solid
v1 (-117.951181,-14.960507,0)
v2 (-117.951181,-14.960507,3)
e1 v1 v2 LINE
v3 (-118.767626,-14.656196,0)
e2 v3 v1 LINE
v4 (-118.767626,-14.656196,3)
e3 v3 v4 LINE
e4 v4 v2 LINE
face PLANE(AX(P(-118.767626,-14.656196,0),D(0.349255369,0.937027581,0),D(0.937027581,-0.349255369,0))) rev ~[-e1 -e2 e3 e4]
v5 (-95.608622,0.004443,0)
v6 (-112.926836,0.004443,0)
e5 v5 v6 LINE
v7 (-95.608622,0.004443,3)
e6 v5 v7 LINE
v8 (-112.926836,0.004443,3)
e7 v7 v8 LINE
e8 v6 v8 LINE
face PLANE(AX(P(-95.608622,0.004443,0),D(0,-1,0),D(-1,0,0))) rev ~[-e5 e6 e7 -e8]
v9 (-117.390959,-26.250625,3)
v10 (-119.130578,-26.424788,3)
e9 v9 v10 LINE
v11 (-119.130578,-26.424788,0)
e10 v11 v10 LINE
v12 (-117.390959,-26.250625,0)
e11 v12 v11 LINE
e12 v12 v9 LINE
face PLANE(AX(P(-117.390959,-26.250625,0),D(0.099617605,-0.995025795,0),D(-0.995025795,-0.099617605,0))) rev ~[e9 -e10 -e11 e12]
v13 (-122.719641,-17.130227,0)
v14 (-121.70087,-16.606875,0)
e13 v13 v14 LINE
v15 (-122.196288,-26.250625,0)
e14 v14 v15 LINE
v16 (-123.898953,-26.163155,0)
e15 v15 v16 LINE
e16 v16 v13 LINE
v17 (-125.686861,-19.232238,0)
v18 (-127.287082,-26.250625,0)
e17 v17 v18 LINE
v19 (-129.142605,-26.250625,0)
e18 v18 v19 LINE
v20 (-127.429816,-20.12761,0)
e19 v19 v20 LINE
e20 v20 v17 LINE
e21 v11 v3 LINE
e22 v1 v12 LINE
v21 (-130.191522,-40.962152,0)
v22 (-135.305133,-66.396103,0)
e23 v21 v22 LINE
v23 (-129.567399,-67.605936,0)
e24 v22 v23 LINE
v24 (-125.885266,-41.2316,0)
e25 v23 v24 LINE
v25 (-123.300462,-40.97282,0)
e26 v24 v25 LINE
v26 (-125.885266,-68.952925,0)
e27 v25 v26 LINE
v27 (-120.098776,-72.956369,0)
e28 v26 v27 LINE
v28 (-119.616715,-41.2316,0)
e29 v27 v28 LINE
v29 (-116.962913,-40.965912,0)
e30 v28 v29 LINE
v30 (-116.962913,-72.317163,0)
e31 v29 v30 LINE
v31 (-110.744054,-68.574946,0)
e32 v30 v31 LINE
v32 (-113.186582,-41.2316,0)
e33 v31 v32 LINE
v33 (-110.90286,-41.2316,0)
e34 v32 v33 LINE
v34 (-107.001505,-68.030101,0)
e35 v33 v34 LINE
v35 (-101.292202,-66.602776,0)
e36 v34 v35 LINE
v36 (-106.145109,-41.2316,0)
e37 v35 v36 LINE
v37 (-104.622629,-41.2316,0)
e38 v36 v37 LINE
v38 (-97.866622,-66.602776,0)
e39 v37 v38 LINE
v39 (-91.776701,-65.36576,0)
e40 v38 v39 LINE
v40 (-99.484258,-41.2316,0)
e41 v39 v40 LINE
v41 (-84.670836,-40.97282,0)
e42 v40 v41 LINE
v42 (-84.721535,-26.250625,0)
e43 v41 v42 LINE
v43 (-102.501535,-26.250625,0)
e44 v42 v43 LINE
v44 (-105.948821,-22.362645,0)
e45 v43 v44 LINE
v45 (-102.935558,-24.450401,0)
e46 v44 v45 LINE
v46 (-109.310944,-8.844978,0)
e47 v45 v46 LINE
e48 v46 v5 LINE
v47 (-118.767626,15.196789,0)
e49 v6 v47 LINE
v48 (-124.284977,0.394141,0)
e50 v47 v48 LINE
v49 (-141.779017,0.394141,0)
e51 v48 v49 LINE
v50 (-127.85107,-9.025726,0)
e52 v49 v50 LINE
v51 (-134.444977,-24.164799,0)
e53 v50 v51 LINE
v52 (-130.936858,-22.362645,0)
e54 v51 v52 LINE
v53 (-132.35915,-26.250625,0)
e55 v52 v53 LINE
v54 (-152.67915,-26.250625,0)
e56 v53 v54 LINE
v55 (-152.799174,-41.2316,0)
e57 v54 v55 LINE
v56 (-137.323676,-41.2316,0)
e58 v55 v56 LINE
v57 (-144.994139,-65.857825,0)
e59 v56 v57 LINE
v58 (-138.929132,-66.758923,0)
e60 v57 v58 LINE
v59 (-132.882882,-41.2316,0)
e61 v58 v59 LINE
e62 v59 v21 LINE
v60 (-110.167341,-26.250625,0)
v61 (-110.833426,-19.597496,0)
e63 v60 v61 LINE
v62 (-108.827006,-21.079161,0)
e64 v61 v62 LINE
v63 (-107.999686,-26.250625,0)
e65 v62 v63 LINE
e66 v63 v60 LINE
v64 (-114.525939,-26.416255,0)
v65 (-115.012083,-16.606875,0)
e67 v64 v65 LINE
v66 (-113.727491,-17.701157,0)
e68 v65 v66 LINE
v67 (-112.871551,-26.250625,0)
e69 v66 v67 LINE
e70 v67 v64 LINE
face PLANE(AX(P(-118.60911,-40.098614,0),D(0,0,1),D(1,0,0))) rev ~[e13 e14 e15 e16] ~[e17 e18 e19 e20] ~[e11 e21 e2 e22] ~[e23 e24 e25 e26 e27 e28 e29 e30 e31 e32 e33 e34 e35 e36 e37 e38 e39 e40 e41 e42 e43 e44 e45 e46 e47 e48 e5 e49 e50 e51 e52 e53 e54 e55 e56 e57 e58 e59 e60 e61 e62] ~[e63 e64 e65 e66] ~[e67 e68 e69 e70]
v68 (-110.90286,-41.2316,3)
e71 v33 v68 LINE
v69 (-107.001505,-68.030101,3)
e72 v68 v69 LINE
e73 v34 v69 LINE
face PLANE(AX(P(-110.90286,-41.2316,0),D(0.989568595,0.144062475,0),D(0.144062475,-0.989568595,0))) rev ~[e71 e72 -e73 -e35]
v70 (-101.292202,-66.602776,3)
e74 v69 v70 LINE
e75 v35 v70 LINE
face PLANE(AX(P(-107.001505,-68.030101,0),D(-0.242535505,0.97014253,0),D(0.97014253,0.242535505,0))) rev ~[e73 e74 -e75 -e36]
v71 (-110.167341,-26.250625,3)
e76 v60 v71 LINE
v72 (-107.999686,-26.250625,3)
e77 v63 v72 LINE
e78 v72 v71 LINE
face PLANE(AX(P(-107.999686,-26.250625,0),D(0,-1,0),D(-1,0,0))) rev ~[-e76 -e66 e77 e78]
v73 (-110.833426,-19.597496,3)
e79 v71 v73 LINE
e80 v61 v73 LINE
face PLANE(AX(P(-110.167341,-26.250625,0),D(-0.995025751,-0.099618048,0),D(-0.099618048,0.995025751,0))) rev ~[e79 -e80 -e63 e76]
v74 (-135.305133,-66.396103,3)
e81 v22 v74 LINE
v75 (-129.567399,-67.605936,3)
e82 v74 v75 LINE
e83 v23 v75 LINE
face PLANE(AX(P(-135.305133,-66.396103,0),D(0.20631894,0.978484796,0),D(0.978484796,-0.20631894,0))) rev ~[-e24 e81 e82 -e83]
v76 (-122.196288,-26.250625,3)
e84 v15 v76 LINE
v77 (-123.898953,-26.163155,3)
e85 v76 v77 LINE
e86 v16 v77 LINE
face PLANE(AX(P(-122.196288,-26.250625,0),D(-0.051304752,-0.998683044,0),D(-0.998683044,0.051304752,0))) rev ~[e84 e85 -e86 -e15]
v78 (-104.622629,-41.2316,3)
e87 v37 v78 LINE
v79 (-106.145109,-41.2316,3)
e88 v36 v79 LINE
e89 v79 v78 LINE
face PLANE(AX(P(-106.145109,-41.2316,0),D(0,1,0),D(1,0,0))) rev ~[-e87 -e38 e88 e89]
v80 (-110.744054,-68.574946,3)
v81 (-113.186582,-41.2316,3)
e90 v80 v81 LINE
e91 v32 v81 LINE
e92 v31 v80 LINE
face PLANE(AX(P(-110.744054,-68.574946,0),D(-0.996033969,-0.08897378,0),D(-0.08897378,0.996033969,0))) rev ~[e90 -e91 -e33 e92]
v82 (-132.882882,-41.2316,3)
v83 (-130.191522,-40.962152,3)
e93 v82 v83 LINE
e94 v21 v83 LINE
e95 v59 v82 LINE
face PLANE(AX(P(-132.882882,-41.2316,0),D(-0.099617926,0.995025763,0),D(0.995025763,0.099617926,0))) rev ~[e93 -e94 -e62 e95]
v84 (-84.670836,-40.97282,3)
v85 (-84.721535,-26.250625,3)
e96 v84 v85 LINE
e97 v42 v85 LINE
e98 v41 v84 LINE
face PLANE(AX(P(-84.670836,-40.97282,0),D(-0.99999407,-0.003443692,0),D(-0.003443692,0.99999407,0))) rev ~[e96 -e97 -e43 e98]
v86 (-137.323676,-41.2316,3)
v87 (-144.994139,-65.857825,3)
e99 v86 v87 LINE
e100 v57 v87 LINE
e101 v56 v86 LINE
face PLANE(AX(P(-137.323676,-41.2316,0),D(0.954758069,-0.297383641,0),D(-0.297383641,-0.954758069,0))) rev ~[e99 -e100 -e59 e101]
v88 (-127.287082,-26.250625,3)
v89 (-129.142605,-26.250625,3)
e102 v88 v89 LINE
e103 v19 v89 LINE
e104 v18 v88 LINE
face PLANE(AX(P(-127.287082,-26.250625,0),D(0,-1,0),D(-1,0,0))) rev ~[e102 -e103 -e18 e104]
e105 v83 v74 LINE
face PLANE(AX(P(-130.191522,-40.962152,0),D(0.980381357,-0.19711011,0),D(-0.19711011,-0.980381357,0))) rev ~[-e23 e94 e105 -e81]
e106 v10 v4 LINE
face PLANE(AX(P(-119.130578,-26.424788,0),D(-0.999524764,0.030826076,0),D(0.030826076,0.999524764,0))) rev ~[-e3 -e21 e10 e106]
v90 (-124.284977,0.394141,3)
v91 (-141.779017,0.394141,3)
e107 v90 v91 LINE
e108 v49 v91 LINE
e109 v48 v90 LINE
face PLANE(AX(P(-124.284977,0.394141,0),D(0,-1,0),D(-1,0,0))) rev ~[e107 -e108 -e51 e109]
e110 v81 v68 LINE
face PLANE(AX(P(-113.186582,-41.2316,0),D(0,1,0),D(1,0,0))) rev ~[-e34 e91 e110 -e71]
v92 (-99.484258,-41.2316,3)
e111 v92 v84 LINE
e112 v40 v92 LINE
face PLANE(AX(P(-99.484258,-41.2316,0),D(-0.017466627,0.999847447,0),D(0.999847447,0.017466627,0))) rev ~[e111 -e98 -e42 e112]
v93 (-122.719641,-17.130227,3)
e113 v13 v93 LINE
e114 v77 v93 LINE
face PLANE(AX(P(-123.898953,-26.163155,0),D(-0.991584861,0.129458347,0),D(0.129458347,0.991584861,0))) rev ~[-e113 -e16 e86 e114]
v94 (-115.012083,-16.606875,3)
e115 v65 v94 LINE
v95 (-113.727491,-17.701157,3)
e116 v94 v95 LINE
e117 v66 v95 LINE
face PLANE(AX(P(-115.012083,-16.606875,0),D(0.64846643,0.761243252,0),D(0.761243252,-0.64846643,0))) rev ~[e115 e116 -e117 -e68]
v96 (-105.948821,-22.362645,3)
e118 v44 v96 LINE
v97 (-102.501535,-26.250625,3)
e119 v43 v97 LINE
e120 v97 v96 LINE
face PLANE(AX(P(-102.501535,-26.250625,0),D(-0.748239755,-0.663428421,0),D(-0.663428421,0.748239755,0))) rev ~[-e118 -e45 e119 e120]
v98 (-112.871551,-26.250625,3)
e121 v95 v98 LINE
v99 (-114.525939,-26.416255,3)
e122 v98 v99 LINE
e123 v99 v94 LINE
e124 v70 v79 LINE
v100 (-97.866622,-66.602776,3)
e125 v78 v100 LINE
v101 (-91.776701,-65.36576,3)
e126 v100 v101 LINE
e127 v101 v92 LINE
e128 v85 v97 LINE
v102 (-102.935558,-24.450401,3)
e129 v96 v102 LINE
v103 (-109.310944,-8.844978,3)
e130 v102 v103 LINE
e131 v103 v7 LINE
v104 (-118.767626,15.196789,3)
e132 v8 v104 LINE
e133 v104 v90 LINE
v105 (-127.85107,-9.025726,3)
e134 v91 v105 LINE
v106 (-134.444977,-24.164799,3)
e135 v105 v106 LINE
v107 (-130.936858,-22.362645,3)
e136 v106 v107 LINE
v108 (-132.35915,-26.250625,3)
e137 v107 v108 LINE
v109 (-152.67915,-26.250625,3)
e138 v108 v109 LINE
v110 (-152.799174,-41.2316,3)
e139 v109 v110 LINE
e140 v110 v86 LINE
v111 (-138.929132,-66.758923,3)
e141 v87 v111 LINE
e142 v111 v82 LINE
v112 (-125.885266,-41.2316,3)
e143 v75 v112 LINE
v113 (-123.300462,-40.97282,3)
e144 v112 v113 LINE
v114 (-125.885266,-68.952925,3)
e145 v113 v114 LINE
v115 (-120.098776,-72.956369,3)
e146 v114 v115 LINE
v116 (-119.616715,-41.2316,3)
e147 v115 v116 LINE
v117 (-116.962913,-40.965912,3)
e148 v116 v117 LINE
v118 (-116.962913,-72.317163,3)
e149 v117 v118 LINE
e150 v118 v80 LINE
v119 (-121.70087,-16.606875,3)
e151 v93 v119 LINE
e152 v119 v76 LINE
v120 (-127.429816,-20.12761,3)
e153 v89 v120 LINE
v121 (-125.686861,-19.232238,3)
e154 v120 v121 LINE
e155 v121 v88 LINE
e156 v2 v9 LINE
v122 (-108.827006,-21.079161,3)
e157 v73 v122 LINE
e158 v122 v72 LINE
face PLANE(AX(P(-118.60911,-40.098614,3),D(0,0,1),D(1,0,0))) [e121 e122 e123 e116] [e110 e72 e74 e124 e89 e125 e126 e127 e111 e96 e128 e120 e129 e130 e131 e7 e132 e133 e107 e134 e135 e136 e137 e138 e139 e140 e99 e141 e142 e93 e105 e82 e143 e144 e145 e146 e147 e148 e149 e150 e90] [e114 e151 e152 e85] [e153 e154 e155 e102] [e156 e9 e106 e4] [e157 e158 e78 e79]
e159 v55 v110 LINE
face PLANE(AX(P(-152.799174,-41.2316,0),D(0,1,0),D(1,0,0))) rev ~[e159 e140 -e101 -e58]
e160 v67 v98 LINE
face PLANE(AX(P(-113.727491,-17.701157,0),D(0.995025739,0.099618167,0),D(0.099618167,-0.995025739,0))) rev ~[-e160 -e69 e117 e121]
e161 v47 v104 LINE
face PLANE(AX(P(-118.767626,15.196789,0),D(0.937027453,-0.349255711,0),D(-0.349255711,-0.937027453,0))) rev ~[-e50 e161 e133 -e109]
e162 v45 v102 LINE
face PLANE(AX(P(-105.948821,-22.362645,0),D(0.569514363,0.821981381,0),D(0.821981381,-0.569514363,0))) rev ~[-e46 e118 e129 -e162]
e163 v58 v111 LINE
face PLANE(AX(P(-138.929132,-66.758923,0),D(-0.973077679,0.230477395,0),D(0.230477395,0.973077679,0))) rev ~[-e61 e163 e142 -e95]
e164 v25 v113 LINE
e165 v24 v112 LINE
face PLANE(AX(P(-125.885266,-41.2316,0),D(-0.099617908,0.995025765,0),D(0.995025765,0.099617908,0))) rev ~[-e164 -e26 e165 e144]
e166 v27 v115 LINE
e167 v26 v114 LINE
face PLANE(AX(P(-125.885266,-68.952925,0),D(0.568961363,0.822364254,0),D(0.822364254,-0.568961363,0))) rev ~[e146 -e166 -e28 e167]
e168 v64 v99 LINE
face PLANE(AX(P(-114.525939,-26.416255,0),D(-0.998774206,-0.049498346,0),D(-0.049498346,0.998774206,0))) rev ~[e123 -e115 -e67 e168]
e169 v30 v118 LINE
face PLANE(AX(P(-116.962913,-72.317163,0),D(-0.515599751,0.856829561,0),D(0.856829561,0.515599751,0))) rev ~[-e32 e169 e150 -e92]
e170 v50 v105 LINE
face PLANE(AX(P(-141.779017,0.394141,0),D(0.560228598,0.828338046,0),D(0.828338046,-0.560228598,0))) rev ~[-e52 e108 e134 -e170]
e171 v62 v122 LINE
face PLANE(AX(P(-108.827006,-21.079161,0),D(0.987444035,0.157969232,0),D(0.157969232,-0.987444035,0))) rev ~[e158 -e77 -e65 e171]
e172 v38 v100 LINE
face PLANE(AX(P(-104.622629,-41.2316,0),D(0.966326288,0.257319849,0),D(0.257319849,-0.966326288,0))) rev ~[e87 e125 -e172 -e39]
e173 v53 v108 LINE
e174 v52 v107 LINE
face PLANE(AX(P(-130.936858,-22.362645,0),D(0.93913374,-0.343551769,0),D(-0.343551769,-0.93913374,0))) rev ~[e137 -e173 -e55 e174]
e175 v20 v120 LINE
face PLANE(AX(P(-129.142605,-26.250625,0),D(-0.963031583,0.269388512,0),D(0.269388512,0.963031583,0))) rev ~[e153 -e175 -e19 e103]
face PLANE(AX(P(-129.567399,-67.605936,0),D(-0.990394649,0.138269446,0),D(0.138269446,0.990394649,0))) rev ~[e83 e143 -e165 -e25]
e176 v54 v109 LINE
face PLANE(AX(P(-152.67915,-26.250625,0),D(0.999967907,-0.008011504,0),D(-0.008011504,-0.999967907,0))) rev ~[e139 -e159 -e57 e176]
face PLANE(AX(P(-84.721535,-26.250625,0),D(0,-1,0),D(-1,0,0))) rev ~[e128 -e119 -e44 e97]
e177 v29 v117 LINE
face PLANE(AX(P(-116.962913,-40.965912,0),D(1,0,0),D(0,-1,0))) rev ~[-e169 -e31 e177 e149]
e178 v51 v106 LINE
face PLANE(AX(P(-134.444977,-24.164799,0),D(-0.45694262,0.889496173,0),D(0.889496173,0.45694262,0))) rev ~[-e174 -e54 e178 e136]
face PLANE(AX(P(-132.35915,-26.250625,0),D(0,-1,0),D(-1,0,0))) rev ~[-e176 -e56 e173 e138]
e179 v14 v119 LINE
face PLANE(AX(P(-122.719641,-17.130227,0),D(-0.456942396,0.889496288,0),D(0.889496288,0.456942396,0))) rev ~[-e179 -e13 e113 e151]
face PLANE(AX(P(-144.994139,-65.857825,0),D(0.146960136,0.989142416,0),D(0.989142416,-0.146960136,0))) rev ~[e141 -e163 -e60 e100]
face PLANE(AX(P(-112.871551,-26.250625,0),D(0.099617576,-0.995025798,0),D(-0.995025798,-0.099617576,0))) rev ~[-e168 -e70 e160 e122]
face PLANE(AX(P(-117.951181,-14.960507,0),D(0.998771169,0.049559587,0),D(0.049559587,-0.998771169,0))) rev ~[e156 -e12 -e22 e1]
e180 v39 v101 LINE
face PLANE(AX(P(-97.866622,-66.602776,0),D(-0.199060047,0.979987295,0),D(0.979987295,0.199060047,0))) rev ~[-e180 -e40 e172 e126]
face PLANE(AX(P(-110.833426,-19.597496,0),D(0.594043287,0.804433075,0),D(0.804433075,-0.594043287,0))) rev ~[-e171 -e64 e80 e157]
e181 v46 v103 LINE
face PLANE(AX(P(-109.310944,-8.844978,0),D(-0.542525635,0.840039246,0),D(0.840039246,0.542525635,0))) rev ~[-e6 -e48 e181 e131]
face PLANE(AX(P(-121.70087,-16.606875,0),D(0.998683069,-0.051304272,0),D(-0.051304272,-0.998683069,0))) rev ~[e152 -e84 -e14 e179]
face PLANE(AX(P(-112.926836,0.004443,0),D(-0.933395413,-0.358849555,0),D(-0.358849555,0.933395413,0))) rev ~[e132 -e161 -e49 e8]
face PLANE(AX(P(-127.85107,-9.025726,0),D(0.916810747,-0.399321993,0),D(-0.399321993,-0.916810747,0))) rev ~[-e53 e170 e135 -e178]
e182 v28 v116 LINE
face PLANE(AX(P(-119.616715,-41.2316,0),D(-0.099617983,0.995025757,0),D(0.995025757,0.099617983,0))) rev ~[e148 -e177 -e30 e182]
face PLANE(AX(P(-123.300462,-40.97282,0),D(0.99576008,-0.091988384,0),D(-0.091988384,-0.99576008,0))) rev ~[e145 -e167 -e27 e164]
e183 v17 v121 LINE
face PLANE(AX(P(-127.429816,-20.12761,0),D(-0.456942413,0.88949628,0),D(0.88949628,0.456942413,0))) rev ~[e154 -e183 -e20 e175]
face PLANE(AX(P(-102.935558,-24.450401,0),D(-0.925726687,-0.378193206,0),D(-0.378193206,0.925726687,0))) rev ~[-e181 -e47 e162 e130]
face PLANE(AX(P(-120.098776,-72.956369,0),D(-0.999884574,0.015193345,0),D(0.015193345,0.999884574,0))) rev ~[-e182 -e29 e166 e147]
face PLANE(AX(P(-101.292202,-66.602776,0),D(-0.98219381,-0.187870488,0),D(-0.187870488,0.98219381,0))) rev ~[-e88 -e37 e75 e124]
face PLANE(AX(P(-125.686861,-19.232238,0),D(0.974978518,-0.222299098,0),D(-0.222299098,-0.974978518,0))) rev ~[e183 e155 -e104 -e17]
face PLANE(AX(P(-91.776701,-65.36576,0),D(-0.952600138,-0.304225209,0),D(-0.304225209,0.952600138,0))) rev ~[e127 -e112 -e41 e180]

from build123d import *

# Parameters (mm, degrees)
F1_DEPTH = 3


with BuildPart() as f1:
    # F0 (on Top) → F1 (new body)
    with BuildSketch(Plane.XY):
        Polygon((-112.926836, 0.004443), (-118.767626, 15.196789), (-124.284977, 0.394141), (-141.779017, 0.394141), (-127.85107, -9.025726), (-134.444977, -24.164799), (-130.936858, -22.362645), (-132.35915, -26.250625), (-152.67915, -26.250625), (-152.799174, -41.2316), (-137.323676, -41.2316), (-144.994139, -65.857825), (-138.929132, -66.758923), (-132.882882, -41.2316), (-130.191522, -40.962152), (-135.305133, -66.396103), (-129.567399, -67.605936), (-125.885266, -41.2316), (-123.300462, -40.97282), (-125.885266, -68.952925), (-120.098776, -72.956369), (-119.616715, -41.2316), (-116.962913, -40.965912), (-116.962913, -72.317163), (-110.744054, -68.574946), (-113.186582, -41.2316), (-110.90286, -41.2316), (-107.001505, -68.030101), (-101.292202, -66.602776), (-106.145109, -41.2316), (-104.622629, -41.2316), (-97.866622, -66.602776), (-91.776701, -65.36576), (-99.484258, -41.2316), (-84.670836, -40.97282), (-84.721535, -26.250625), (-102.501535, -26.250625), (-105.948821, -22.362645), (-102.935558, -24.450401), (-109.310944, -8.844978), (-95.608622, 0.004443), align=None)
        Polygon((-129.142605, -26.250625), (-127.429816, -20.12761), (-125.686861, -19.232238), (-127.287082, -26.250625), align=None, mode=Mode.SUBTRACT)
        Polygon((-123.898953, -26.163155), (-122.719641, -17.130227), (-121.70087, -16.606875), (-122.196288, -26.250625), align=None, mode=Mode.SUBTRACT)
        Polygon((-119.130578, -26.424788), (-118.767626, -14.656196), (-117.951181, -14.960507), (-117.390959, -26.250625), align=None, mode=Mode.SUBTRACT)
        Polygon((-114.525939, -26.416255), (-115.012083, -16.606875), (-113.727491, -17.701157), (-112.871551, -26.250625), align=None, mode=Mode.SUBTRACT)
        Polygon((-110.167341, -26.250625), (-110.833426, -19.597496), (-108.827006, -21.079161), (-107.999686, -26.250625), align=None, mode=Mode.SUBTRACT)
    extrude(amount=F1_DEPTH)


solid = f1.part
